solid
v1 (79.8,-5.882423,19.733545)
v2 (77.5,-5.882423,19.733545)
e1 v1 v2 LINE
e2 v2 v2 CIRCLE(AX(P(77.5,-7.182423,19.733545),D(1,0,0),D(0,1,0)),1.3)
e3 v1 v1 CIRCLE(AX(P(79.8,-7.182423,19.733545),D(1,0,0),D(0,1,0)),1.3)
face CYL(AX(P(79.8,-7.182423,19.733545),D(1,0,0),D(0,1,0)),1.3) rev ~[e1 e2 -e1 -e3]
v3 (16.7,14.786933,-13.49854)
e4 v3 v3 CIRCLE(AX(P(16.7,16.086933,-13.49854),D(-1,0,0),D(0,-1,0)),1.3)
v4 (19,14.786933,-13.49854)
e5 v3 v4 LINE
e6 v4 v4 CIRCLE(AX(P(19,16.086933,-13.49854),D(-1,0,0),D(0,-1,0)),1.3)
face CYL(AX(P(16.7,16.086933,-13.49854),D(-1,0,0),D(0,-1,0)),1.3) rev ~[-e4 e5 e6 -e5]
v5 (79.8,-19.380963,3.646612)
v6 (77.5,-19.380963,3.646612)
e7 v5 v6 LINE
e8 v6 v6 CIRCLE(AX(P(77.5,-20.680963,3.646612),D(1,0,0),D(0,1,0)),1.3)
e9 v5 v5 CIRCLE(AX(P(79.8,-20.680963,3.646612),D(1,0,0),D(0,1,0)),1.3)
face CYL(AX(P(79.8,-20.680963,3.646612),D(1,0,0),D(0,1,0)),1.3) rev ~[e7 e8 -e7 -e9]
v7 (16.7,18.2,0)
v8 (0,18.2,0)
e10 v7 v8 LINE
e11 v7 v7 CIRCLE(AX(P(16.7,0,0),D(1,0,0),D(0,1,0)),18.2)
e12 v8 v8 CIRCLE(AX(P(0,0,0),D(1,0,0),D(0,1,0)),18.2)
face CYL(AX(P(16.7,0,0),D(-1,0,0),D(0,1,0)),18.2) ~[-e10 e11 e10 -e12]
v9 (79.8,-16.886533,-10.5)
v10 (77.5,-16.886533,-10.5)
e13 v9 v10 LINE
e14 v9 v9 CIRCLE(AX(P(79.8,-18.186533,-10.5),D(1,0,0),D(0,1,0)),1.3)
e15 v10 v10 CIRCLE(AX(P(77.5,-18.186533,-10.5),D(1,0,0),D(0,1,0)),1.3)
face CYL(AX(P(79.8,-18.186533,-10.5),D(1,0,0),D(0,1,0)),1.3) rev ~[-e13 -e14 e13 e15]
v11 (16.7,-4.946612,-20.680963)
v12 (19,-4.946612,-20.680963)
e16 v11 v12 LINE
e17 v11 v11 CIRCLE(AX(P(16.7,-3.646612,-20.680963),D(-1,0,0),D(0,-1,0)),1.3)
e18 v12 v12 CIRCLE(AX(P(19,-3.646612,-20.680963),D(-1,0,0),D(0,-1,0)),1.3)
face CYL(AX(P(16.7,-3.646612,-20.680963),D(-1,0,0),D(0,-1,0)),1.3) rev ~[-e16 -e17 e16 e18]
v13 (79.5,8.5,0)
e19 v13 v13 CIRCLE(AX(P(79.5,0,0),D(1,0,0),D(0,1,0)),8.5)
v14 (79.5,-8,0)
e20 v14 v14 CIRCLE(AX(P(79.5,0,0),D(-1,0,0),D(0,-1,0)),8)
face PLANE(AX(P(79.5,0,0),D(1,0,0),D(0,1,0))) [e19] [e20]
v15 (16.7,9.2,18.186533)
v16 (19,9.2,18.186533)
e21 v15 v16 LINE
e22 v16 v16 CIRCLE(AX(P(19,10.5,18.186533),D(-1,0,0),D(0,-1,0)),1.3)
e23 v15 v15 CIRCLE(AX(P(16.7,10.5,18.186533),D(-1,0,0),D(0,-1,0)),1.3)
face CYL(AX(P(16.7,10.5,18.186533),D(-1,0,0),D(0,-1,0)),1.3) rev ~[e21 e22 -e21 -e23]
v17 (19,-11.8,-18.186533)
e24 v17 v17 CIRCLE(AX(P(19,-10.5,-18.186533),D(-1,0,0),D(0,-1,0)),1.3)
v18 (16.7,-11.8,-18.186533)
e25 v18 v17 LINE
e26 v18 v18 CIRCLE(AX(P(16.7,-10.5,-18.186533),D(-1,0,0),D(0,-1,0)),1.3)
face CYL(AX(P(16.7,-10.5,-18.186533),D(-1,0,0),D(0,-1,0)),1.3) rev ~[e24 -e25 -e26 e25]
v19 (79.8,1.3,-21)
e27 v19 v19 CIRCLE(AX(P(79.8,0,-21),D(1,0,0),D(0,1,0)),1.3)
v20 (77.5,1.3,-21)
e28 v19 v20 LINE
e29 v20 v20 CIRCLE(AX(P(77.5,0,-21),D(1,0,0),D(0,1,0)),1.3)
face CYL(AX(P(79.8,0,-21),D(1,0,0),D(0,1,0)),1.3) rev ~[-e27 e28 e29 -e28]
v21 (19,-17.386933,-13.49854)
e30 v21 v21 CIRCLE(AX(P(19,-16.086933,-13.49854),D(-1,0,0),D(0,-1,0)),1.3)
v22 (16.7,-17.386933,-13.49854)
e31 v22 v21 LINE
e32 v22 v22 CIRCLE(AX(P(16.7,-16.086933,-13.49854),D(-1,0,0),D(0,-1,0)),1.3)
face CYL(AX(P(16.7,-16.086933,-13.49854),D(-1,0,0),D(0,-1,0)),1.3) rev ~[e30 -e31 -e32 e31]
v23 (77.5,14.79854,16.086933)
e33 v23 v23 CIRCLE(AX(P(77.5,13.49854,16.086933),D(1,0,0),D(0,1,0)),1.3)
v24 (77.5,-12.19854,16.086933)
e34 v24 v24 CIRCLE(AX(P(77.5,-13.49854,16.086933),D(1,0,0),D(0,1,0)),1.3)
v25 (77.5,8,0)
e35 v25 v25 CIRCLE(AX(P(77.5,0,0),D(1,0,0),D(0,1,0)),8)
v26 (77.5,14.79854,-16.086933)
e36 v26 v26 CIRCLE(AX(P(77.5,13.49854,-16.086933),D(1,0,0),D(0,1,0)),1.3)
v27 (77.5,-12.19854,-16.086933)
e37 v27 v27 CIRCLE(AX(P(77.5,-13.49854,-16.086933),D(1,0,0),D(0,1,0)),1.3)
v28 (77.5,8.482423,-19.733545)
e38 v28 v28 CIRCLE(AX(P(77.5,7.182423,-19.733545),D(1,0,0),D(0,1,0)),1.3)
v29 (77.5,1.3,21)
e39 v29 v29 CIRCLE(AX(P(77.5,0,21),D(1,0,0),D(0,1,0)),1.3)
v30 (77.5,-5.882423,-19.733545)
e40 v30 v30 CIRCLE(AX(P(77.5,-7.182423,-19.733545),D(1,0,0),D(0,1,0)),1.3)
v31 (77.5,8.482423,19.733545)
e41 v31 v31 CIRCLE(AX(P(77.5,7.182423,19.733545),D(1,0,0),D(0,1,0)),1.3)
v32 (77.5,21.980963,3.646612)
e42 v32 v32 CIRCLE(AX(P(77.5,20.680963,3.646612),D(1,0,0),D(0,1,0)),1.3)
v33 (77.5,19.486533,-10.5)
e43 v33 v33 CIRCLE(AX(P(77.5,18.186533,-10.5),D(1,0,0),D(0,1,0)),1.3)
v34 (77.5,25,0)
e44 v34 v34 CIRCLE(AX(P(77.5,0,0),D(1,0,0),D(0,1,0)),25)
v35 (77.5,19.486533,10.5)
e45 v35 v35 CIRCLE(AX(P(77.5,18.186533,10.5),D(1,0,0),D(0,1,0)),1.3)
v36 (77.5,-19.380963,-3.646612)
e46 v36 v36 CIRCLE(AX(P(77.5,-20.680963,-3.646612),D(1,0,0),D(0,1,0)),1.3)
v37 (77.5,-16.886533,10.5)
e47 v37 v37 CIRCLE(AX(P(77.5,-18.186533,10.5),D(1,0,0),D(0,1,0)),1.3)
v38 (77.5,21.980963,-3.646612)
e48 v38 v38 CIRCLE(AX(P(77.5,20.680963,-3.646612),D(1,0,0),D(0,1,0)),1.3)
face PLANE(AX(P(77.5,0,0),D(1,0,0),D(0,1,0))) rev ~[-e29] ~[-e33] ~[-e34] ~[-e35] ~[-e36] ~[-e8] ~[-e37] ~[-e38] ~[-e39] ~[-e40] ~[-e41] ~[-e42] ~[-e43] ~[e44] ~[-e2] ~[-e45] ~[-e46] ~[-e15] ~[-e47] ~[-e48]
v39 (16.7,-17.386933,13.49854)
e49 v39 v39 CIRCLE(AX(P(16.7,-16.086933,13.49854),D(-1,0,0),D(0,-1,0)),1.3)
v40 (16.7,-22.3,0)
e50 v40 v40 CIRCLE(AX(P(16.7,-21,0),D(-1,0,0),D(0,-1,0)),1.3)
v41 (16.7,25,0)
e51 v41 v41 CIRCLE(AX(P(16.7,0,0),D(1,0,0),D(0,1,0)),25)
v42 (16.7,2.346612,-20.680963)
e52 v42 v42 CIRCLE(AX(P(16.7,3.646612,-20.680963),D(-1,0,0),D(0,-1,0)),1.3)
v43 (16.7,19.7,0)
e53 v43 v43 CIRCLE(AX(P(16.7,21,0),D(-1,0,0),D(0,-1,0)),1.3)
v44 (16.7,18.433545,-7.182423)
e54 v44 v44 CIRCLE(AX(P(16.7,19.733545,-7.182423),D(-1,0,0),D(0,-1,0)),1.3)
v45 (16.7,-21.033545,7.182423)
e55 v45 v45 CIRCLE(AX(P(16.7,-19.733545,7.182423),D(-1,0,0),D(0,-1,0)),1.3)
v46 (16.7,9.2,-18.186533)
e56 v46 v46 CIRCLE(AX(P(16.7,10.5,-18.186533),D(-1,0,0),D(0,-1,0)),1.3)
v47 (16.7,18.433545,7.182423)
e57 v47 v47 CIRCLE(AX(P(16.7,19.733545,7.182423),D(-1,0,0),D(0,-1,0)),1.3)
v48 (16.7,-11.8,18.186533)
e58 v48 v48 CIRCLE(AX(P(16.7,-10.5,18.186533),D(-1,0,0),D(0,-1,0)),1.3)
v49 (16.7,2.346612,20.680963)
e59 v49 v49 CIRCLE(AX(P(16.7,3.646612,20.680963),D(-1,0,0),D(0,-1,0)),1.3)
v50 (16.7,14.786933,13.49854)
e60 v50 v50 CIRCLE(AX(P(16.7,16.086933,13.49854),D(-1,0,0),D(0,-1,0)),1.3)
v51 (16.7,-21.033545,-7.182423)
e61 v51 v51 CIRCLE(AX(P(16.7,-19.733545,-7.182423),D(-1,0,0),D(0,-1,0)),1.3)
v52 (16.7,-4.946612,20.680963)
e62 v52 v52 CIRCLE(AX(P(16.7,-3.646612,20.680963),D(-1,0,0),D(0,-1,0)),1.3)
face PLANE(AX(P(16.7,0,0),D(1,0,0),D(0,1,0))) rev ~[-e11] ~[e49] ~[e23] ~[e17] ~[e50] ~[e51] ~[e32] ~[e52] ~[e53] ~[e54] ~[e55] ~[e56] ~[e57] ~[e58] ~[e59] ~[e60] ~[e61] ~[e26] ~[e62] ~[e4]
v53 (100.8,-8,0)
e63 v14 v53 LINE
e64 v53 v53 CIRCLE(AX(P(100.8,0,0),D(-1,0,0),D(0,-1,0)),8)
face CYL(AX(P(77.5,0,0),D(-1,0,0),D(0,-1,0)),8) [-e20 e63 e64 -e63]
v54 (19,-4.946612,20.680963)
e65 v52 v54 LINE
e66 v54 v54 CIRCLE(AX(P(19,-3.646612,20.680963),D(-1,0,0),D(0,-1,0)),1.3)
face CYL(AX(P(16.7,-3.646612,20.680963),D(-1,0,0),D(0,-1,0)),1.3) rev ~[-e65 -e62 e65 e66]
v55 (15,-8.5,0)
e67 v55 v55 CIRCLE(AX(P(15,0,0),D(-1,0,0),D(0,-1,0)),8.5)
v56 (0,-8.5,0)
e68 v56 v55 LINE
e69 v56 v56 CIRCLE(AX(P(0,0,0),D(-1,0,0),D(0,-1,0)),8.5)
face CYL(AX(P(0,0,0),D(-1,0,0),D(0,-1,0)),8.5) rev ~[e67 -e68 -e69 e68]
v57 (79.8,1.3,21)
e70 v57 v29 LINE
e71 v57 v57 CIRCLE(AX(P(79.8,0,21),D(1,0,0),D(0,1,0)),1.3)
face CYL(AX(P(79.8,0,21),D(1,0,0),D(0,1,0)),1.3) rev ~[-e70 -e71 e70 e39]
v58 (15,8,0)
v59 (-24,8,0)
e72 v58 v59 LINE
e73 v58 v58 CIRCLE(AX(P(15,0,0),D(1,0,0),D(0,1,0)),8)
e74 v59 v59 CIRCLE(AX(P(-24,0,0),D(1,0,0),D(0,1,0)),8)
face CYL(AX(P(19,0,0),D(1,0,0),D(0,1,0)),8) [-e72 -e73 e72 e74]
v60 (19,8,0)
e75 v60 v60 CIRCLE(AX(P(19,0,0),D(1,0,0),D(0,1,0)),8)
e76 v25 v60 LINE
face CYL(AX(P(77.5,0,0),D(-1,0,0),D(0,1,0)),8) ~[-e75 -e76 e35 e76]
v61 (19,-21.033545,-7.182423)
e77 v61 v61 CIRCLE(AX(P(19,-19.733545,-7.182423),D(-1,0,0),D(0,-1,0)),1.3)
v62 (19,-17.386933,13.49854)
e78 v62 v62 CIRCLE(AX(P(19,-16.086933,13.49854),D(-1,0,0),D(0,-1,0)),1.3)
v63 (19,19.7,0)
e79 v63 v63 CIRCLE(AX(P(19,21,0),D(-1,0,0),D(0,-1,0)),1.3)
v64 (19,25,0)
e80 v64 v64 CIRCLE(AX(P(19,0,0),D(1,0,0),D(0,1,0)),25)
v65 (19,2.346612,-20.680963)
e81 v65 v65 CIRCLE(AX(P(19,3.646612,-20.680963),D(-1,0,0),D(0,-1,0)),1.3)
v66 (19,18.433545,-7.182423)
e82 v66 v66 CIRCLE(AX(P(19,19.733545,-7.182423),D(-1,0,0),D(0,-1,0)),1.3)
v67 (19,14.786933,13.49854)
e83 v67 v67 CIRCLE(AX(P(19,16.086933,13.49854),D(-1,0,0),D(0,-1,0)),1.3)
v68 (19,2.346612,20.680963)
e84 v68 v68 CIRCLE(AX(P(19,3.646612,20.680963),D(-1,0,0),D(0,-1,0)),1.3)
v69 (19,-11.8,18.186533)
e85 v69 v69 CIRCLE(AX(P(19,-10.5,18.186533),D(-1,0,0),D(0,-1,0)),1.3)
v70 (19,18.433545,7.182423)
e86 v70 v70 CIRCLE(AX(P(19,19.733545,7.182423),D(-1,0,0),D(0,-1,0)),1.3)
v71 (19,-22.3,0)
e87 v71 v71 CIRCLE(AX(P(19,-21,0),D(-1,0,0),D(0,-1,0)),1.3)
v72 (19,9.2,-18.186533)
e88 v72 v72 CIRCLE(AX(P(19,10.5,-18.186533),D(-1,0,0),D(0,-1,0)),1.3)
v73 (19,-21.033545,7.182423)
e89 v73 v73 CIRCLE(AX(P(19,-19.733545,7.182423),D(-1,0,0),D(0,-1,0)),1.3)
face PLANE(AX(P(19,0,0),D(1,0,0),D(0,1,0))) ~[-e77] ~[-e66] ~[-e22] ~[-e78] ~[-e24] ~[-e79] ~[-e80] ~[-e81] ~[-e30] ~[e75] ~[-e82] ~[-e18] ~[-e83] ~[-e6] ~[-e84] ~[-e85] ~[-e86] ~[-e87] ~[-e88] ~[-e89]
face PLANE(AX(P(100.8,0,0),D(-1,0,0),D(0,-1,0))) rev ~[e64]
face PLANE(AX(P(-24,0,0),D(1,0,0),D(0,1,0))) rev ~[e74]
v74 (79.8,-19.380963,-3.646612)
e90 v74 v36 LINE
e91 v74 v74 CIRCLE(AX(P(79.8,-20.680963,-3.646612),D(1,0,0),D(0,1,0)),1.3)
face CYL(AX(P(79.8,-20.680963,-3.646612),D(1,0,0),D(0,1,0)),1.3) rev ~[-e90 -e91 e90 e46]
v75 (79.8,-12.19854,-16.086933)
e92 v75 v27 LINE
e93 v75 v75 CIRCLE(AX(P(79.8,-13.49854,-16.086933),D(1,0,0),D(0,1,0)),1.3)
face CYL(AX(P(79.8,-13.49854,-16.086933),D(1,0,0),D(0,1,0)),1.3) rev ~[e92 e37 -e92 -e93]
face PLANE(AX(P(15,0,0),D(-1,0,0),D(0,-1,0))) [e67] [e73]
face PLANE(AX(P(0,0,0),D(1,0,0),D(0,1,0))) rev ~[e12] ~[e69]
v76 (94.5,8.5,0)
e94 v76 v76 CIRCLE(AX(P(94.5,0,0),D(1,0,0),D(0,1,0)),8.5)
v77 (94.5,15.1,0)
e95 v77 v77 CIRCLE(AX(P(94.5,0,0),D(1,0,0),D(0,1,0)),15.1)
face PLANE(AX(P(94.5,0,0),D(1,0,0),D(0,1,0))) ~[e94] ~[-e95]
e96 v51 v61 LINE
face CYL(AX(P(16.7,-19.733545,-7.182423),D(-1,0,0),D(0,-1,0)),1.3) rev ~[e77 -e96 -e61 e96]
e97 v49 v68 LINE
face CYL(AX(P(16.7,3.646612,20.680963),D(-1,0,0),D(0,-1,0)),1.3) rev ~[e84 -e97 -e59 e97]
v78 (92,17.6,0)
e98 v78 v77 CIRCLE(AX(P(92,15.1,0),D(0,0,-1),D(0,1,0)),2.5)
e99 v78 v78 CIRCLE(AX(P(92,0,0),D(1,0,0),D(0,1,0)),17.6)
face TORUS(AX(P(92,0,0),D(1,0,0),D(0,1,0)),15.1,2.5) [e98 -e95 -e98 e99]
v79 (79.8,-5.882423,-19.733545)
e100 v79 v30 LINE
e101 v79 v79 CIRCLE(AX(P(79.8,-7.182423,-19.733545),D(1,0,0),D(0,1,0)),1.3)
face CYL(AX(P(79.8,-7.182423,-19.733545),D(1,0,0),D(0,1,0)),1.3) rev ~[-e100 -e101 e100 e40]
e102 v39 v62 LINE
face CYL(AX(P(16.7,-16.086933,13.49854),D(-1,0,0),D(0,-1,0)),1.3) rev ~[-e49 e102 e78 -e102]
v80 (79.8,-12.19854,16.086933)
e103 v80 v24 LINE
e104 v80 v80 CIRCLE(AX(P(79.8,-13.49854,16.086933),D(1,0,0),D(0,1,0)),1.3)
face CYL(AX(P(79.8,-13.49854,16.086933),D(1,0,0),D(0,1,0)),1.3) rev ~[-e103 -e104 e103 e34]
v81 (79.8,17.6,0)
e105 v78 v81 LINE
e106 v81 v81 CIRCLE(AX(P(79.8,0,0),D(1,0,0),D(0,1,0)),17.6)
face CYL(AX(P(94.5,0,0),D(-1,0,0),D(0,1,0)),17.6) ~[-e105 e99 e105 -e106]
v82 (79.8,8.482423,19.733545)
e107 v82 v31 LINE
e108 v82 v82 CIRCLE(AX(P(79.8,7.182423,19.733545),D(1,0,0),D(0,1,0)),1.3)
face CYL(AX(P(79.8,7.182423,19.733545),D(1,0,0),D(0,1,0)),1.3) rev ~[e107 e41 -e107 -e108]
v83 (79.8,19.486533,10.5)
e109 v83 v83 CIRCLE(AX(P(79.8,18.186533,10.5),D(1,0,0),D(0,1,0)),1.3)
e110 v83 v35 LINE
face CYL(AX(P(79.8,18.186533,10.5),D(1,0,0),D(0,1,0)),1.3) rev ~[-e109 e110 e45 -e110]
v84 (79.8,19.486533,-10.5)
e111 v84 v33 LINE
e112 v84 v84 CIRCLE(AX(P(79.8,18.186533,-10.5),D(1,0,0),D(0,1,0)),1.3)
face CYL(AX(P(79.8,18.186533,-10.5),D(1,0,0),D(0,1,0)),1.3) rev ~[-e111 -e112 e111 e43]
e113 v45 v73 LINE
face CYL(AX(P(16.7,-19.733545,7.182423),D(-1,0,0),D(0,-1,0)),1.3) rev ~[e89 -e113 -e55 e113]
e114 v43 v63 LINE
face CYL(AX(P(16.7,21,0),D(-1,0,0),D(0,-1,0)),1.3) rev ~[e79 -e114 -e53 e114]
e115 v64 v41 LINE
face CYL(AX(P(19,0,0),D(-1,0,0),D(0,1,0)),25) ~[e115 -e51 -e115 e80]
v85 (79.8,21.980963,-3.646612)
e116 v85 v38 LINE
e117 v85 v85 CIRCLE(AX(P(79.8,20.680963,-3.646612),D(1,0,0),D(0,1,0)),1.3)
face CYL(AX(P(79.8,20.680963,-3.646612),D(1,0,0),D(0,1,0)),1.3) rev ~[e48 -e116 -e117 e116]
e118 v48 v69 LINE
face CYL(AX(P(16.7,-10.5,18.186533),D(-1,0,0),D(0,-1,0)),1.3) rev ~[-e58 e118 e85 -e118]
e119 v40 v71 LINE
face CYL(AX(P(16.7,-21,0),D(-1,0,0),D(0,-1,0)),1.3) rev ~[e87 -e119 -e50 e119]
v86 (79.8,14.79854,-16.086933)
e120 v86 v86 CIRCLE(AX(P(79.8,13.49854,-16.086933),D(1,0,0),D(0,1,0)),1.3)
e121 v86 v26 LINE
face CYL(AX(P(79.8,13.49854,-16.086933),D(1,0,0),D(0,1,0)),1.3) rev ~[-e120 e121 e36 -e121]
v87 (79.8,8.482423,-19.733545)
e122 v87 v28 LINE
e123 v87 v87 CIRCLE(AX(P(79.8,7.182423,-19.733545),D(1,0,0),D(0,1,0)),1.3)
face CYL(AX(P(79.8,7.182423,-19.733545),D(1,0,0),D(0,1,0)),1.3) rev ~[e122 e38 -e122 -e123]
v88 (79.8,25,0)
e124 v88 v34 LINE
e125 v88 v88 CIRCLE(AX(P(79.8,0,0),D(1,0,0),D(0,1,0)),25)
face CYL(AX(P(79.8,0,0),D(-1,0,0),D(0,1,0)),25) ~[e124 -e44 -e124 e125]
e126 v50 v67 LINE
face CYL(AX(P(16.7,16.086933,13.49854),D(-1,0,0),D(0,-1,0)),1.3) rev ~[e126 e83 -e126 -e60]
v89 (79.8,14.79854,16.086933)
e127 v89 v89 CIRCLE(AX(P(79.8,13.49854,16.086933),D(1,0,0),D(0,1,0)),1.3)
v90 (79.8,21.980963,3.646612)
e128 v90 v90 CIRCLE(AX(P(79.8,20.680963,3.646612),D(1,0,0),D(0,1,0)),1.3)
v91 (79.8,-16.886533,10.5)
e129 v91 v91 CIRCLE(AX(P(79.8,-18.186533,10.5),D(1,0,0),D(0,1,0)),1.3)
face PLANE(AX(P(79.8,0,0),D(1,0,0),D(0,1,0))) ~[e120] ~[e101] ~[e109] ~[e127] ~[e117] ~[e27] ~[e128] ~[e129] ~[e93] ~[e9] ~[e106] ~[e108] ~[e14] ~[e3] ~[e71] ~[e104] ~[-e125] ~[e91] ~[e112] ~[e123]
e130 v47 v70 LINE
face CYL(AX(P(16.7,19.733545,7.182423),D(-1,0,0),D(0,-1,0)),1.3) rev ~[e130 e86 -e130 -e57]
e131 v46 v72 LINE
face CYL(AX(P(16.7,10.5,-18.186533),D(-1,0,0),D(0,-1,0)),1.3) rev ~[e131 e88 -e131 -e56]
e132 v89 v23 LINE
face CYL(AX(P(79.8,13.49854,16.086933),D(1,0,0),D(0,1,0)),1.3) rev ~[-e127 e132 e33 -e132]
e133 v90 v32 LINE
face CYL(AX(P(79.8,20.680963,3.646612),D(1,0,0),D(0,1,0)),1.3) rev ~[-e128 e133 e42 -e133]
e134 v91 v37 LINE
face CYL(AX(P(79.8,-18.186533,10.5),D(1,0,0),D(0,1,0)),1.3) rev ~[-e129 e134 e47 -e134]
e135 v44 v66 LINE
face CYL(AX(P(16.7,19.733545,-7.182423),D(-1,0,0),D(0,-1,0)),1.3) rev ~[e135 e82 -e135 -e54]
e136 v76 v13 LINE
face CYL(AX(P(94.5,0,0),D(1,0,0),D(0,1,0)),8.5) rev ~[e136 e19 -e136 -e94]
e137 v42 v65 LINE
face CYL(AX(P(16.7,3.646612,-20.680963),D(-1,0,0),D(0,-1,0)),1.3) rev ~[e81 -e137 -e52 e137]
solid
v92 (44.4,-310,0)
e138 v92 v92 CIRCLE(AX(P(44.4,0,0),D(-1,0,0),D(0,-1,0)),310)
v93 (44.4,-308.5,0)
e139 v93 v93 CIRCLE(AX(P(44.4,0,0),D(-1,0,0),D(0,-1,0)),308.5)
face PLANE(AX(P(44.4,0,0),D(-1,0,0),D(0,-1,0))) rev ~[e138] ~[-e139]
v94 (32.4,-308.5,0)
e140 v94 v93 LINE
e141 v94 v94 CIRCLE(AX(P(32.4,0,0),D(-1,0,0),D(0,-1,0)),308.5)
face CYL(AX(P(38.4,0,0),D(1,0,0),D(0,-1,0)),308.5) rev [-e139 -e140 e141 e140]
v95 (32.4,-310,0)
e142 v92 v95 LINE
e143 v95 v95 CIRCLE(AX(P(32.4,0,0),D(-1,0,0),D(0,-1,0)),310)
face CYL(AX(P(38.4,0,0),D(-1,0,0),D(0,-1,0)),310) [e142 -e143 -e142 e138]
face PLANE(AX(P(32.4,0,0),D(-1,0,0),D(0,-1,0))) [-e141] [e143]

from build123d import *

# Parameters (mm, degrees)
F2_R      = 1.3
F3_DEPTH  = 2.3
F4_R      = 1.3
F5_DEPTH  = 2.3
F6_R      = 2.5
F7_R      = 8.5
F8_DEPTH  = 15
F9_R      = 8.5
F10_DEPTH = 15
F11_R     = 8
F12_DEPTH = 43
F13_R     = 8
F14_DEPTH = 23.3
F16_R     = 310
F16_R_2   = 308.5
F17_DEPTH = 6


with BuildPart() as f1:
    # F0 (on Top) → F1 (revolve)
    with BuildSketch(Plane.XY):
        Polygon((0, 18.2), (0, 0), (94.5, 0), (94.5, 17.6), (79.8, 17.6), (79.8, 25), (77.5, 25), (77.5, 8), (19, 8), (19, 25), (16.7, 25), (16.7, 18.2), align=None)
    revolve(axis=Axis((47.25, 0, 0), (1, 0, 0)))

    # F2 (on face) → F3 (cut, through all)
    with BuildSketch(Plane.YZ.offset(79.8)):
        with Locations((0, 21)):
            Circle(F2_R)
        with Locations((-7.1824230098, 19.7335450365)):
            Circle(F2_R)
        with Locations((-13.4985398034, 16.0869333055)):
            Circle(F2_R)
        with Locations((-18.1865334795, 10.5)):
            Circle(F2_R)
        with Locations((-20.6809628133, 3.646611731)):
            Circle(F2_R)
        with Locations((-20.6809628133, -3.646611731)):
            Circle(F2_R)
        with Locations((-18.1865334795, -10.5)):
            Circle(F2_R)
        with Locations((-13.4985398034, -16.0869333055)):
            Circle(F2_R)
        with Locations((-7.1824230098, -19.7335450365)):
            Circle(F2_R)
        with Locations((0, -21)):
            Circle(F2_R)
        with Locations((7.1824230098, -19.7335450365)):
            Circle(F2_R)
        with Locations((13.4985398034, -16.0869333055)):
            Circle(F2_R)
        with Locations((18.1865334795, -10.5)):
            Circle(F2_R)
        with Locations((20.6809628133, -3.646611731)):
            Circle(F2_R)
        with Locations((20.6809628133, 3.646611731)):
            Circle(F2_R)
        with Locations((18.1865334795, 10.5)):
            Circle(F2_R)
        with Locations((13.4985398034, 16.0869333055)):
            Circle(F2_R)
        with Locations((7.1824230098, 19.7335450365)):
            Circle(F2_R)
    extrude(amount=-F3_DEPTH, mode=Mode.SUBTRACT)

    # F4 (on face) → F5 (cut, through all)
    with BuildSketch(Plane(origin=(16.7, 0, 0), x_dir=(0, -1, 0), z_dir=(-1, 0, 0))):
        with Locations((3.646611731, 20.6809628133)):
            Circle(F4_R)
        with Locations((-3.646611731, 20.6809628133)):
            Circle(F4_R)
        with Locations((-10.5, 18.1865334795)):
            Circle(F4_R)
        with Locations((-16.0869333055, 13.4985398034)):
            Circle(F4_R)
        with Locations((-19.7335450365, 7.1824230098)):
            Circle(F4_R)
        with Locations((-21, 0)):
            Circle(F4_R)
        with Locations((-19.7335450365, -7.1824230098)):
            Circle(F4_R)
        with Locations((-16.0869333055, -13.4985398034)):
            Circle(F4_R)
        with Locations((-10.5, -18.1865334795)):
            Circle(F4_R)
        with Locations((-3.646611731, -20.6809628133)):
            Circle(F4_R)
        with Locations((3.646611731, -20.6809628133)):
            Circle(F4_R)
        with Locations((10.5, -18.1865334795)):
            Circle(F4_R)
        with Locations((16.0869333055, -13.4985398034)):
            Circle(F4_R)
        with Locations((19.7335450365, -7.1824230098)):
            Circle(F4_R)
        with Locations((21, 0)):
            Circle(F4_R)
        with Locations((19.7335450365, 7.1824230098)):
            Circle(F4_R)
        with Locations((16.0869333055, 13.4985398034)):
            Circle(F4_R)
        with Locations((10.5, 18.1865334795)):
            Circle(F4_R)
    extrude(amount=-F5_DEPTH, mode=Mode.SUBTRACT)

    # F6
    f6_edges = [f1.edges().sort_by_distance(p)[0] for p in [
        (94.5, -17.6, 0),
    ]]
    fillet(f6_edges, radius=F6_R)

    # F7 (on face) → F8 (cut)
    with BuildSketch(Plane.YZ.offset(94.5)):
        Circle(F7_R)
    extrude(amount=-F8_DEPTH, mode=Mode.SUBTRACT)

    # F9 (on face) → F10 (cut)
    with BuildSketch(Plane(origin=(0, 0, 0), x_dir=(0, -1, 0), z_dir=(-1, 0, 0))):
        Circle(F9_R)
    extrude(amount=-F10_DEPTH, mode=Mode.SUBTRACT)

    # F11 (on face) → F12 (join)
    with BuildSketch(Plane.YZ.offset(19)):
        Circle(F11_R)
    extrude(amount=-F12_DEPTH)

    # F13 (on face) → F14 (join)
    with BuildSketch(Plane(origin=(77.5, 0, 0), x_dir=(0, -1, 0), z_dir=(-1, 0, 0))):
        Circle(F13_R)
    extrude(amount=-F14_DEPTH)


with BuildPart() as f17:
    # F16 (on offset) → F17 (new body, symmetric)
    with BuildSketch(Plane(origin=(38.4, 0, 0), x_dir=(0, -1, 0), z_dir=(-1, 0, 0))):
        Circle(F16_R)
        Circle(F16_R_2, mode=Mode.SUBTRACT)
    extrude(amount=F17_DEPTH, both=True)


solid = Compound([f1.part, f17.part])
